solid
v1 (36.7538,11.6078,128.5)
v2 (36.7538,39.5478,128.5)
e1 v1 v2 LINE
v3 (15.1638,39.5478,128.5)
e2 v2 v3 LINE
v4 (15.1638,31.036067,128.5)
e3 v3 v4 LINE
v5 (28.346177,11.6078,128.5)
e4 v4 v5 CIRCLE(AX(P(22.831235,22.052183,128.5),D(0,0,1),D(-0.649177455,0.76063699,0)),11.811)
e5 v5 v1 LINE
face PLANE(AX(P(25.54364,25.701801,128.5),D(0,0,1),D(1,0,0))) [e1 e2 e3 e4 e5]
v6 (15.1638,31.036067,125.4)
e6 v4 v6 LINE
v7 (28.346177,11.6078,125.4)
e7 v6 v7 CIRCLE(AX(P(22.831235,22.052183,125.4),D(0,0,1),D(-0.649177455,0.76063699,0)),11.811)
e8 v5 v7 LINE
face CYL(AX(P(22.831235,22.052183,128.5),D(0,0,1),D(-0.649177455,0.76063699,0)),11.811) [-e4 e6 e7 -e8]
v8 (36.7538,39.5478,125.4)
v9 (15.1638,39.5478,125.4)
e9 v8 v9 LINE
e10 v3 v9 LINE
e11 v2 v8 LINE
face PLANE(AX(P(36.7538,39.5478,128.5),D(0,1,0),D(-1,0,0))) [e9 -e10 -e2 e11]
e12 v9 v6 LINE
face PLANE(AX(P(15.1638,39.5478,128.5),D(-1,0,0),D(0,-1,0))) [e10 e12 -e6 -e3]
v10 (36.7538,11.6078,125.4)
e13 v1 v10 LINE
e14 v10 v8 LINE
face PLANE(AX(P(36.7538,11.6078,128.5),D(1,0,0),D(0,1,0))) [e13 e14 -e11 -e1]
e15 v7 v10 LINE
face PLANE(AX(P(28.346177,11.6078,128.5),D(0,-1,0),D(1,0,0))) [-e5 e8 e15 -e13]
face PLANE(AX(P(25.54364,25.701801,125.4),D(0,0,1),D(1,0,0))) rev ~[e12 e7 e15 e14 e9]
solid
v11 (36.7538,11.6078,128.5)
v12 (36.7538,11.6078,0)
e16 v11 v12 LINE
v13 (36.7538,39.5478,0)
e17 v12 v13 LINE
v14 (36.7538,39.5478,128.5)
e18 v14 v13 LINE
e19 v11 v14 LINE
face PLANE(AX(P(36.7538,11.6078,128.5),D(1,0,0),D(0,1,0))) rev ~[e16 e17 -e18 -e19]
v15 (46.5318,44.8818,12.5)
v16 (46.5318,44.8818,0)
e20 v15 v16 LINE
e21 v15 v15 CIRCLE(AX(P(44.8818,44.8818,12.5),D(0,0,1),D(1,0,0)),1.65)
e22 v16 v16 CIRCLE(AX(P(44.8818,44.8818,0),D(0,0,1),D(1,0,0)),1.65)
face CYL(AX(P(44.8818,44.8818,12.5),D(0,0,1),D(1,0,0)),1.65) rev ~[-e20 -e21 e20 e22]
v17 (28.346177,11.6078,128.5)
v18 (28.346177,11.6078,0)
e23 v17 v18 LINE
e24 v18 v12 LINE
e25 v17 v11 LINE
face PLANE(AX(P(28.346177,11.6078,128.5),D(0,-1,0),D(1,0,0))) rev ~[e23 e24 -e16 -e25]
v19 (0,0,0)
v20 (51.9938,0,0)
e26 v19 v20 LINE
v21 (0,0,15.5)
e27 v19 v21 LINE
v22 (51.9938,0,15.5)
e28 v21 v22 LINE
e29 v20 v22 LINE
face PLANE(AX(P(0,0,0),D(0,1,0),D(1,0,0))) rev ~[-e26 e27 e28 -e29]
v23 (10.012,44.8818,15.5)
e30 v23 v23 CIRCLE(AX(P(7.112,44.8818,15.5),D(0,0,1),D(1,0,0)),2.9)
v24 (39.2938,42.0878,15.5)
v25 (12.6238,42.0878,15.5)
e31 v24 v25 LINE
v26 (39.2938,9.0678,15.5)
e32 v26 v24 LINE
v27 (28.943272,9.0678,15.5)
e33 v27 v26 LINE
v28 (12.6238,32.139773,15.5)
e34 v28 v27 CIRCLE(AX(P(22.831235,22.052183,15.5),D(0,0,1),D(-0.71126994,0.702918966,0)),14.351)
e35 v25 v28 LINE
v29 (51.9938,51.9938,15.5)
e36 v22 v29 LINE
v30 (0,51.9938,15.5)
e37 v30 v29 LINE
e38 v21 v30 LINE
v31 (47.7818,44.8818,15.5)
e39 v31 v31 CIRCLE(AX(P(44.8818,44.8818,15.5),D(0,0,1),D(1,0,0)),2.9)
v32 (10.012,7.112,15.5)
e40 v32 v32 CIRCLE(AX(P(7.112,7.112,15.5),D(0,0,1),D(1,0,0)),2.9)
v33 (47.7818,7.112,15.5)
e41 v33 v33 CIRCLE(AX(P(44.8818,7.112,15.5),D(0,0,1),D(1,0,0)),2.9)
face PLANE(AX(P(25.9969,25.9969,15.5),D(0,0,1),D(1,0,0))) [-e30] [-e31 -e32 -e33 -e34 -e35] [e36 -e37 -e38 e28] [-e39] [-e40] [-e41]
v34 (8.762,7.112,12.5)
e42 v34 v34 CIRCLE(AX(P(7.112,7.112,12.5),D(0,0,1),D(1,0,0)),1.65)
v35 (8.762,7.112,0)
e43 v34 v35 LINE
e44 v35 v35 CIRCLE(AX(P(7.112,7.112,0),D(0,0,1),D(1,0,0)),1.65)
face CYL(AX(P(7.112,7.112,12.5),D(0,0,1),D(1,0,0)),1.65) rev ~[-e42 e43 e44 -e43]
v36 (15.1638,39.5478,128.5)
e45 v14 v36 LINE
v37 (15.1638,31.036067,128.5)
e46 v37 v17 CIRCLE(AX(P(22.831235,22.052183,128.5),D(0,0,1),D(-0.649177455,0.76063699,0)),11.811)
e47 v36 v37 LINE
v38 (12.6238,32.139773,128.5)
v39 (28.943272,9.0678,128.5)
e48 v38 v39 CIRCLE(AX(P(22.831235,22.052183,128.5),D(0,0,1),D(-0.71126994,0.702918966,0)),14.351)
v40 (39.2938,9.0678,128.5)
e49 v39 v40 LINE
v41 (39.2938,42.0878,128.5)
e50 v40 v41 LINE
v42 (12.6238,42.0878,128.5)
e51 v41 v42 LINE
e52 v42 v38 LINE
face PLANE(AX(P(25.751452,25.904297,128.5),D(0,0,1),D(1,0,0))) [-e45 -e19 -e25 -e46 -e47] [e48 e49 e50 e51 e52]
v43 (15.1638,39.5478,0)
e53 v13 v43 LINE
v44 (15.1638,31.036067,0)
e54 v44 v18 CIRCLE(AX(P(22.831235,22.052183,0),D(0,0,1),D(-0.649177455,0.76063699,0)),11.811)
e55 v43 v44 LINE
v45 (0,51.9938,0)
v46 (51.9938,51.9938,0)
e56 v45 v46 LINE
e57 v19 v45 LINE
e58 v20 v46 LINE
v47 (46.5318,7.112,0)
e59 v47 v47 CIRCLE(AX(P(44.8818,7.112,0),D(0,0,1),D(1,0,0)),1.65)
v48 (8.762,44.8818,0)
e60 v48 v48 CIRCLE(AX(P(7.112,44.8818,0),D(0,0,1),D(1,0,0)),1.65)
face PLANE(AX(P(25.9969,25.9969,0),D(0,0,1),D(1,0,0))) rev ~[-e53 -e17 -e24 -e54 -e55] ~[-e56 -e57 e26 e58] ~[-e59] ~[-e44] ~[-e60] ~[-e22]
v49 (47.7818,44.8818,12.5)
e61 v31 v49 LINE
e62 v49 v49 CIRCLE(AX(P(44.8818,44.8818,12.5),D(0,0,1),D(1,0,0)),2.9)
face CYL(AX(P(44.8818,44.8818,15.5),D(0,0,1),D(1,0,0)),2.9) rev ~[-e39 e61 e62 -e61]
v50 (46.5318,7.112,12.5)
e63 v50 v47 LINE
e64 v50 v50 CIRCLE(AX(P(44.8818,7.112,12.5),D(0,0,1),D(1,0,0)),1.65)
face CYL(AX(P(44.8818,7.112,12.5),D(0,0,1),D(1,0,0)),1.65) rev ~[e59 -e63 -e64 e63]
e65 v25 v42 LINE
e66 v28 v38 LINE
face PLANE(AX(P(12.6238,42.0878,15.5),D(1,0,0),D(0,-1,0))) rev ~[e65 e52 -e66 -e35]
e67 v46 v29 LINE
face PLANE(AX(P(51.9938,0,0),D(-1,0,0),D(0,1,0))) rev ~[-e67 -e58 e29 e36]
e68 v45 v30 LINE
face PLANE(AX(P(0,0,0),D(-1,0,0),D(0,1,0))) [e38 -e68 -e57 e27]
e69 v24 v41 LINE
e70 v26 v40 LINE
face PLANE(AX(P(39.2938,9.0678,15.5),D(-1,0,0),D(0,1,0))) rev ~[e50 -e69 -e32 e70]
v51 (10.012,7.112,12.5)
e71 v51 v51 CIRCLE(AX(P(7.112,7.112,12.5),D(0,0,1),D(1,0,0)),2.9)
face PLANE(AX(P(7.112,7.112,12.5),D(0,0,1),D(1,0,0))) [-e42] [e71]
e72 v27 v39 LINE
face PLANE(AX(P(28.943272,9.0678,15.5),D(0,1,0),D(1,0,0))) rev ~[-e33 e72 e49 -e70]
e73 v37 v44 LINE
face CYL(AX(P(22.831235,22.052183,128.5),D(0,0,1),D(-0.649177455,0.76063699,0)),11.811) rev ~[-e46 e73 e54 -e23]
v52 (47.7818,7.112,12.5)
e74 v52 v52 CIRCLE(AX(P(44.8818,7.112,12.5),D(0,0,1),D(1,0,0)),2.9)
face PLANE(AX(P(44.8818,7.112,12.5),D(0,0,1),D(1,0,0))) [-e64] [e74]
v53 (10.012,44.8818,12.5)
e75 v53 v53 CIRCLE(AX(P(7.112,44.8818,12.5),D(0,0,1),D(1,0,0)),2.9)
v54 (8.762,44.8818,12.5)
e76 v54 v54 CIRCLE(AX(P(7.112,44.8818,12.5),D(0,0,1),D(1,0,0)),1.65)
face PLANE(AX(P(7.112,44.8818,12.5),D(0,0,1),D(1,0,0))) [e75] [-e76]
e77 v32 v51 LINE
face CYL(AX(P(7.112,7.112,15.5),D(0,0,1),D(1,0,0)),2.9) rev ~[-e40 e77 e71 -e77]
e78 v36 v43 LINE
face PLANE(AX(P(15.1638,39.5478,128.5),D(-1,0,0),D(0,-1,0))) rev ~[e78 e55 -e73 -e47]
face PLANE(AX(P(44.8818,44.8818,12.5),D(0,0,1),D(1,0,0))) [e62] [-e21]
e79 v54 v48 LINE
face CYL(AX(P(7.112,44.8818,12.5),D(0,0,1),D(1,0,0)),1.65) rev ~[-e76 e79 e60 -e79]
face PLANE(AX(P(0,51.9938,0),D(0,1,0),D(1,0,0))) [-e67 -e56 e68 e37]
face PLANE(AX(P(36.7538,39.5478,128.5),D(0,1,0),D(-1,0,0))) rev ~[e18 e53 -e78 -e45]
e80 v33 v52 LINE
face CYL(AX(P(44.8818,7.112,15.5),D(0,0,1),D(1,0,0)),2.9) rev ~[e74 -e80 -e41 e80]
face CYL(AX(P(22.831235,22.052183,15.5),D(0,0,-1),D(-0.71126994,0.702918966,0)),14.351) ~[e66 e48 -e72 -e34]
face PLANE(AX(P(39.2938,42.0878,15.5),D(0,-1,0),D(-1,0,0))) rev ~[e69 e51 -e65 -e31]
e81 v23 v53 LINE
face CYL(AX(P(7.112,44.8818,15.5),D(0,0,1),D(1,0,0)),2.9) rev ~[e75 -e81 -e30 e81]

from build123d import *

# Parameters (mm, degrees)
F0_W      = 51.9938
F0_H      = 51.9938
F1_DEPTH  = 15.5
F2_R      = 2.9
F3_DEPTH  = 3
F4_R      = 1.65
F5_DEPTH  = 12.501
F6_R      = 1.65
F7_DEPTH  = 12.501
F8_R      = 1.65
F9_DEPTH  = 12.501
F10_R     = 1.65
F11_DEPTH = 12.501
F13_DEPTH = 113
F15_DEPTH = 128.501
F17_DEPTH = 3.1


with BuildPart() as f1:
    # F0 (on Top) → F1 (new body)
    with BuildSketch(Plane.XY):
        with Locations((25.9969, 25.9969)):
            Rectangle(F0_W, F0_H)
    extrude(amount=F1_DEPTH)

    # F2 (on face) → F3 (cut)
    with BuildSketch(Plane.XY.offset(15.5)):
        with Locations((7.112, 44.8818)):
            Circle(F2_R)
        with Locations((44.8818, 44.8818)):
            Circle(F2_R)
        with Locations((7.112, 7.112)):
            Circle(F2_R)
        with Locations((44.8818, 7.112)):
            Circle(F2_R)
    extrude(amount=-F3_DEPTH, mode=Mode.SUBTRACT)

    # F4 (on face) → F5 (cut, through all)
    with BuildSketch(Plane.XY.offset(12.5)):
        with Locations((7.112, 44.8818)):
            Circle(F4_R)
    extrude(amount=-F5_DEPTH, mode=Mode.SUBTRACT)

    # F6 (on face) → F7 (cut, through all)
    with BuildSketch(Plane.XY.offset(12.5)):
        with Locations((44.8818, 44.8818)):
            Circle(F6_R)
    extrude(amount=-F7_DEPTH, mode=Mode.SUBTRACT)

    # F8 (on face) → F9 (cut, through all)
    with BuildSketch(Plane.XY.offset(12.5)):
        with Locations((7.112, 7.112)):
            Circle(F8_R)
    extrude(amount=-F9_DEPTH, mode=Mode.SUBTRACT)

    # F10 (on face) → F11 (cut, through all)
    with BuildSketch(Plane.XY.offset(12.5)):
        with Locations((44.8818, 7.112)):
            Circle(F10_R)
    extrude(amount=-F11_DEPTH, mode=Mode.SUBTRACT)

    # F12 (on face) → F13 (join)
    with BuildSketch(Plane.XY.offset(15.5)):
        with BuildLine():
            Line((39.2938, 9.0678), (39.2938, 42.0878))
            Line((39.2938, 42.0878), (12.6238, 42.0878))
            Line((12.6238, 42.0878), (12.6238, 32.139773))
            ThreePointArc((12.6238, 32.139773), (11.114919, 13.764895), (28.943272, 9.0678))
            Line((28.943272, 9.0678), (39.2938, 9.0678))
        make_face()
    extrude(amount=F13_DEPTH)

    # F14 (on face) → F15 (cut, through all)
    with BuildSketch(Plane.XY.offset(128.5)):
        with BuildLine():
            Line((36.7538, 11.6078), (36.7538, 39.5478))
            Line((36.7538, 39.5478), (15.1638, 39.5478))
            Line((15.1638, 39.5478), (15.1638, 31.036067))
            ThreePointArc((15.1638, 31.036067), (13.057664, 15.420665), (28.346177, 11.6078))
            Line((28.346177, 11.6078), (36.7538, 11.6078))
        make_face()
    extrude(amount=-F15_DEPTH, mode=Mode.SUBTRACT)


with BuildPart() as f17:
    # F16 (on face) → F17 (new body)
    with BuildSketch(Plane.XY.offset(128.5)):
        with BuildLine():
            Line((36.7538, 39.5478), (15.1638, 39.5478))
            Line((15.1638, 39.5478), (15.1638, 31.036067))
            ThreePointArc((15.1638, 31.036067), (13.057664, 15.420665), (28.346177, 11.6078))
            Line((28.346177, 11.6078), (36.7538, 11.6078))
            Line((36.7538, 11.6078), (36.7538, 39.5478))
        make_face()
    extrude(amount=-F17_DEPTH)


solid = Compound([f1.part, f17.part])
